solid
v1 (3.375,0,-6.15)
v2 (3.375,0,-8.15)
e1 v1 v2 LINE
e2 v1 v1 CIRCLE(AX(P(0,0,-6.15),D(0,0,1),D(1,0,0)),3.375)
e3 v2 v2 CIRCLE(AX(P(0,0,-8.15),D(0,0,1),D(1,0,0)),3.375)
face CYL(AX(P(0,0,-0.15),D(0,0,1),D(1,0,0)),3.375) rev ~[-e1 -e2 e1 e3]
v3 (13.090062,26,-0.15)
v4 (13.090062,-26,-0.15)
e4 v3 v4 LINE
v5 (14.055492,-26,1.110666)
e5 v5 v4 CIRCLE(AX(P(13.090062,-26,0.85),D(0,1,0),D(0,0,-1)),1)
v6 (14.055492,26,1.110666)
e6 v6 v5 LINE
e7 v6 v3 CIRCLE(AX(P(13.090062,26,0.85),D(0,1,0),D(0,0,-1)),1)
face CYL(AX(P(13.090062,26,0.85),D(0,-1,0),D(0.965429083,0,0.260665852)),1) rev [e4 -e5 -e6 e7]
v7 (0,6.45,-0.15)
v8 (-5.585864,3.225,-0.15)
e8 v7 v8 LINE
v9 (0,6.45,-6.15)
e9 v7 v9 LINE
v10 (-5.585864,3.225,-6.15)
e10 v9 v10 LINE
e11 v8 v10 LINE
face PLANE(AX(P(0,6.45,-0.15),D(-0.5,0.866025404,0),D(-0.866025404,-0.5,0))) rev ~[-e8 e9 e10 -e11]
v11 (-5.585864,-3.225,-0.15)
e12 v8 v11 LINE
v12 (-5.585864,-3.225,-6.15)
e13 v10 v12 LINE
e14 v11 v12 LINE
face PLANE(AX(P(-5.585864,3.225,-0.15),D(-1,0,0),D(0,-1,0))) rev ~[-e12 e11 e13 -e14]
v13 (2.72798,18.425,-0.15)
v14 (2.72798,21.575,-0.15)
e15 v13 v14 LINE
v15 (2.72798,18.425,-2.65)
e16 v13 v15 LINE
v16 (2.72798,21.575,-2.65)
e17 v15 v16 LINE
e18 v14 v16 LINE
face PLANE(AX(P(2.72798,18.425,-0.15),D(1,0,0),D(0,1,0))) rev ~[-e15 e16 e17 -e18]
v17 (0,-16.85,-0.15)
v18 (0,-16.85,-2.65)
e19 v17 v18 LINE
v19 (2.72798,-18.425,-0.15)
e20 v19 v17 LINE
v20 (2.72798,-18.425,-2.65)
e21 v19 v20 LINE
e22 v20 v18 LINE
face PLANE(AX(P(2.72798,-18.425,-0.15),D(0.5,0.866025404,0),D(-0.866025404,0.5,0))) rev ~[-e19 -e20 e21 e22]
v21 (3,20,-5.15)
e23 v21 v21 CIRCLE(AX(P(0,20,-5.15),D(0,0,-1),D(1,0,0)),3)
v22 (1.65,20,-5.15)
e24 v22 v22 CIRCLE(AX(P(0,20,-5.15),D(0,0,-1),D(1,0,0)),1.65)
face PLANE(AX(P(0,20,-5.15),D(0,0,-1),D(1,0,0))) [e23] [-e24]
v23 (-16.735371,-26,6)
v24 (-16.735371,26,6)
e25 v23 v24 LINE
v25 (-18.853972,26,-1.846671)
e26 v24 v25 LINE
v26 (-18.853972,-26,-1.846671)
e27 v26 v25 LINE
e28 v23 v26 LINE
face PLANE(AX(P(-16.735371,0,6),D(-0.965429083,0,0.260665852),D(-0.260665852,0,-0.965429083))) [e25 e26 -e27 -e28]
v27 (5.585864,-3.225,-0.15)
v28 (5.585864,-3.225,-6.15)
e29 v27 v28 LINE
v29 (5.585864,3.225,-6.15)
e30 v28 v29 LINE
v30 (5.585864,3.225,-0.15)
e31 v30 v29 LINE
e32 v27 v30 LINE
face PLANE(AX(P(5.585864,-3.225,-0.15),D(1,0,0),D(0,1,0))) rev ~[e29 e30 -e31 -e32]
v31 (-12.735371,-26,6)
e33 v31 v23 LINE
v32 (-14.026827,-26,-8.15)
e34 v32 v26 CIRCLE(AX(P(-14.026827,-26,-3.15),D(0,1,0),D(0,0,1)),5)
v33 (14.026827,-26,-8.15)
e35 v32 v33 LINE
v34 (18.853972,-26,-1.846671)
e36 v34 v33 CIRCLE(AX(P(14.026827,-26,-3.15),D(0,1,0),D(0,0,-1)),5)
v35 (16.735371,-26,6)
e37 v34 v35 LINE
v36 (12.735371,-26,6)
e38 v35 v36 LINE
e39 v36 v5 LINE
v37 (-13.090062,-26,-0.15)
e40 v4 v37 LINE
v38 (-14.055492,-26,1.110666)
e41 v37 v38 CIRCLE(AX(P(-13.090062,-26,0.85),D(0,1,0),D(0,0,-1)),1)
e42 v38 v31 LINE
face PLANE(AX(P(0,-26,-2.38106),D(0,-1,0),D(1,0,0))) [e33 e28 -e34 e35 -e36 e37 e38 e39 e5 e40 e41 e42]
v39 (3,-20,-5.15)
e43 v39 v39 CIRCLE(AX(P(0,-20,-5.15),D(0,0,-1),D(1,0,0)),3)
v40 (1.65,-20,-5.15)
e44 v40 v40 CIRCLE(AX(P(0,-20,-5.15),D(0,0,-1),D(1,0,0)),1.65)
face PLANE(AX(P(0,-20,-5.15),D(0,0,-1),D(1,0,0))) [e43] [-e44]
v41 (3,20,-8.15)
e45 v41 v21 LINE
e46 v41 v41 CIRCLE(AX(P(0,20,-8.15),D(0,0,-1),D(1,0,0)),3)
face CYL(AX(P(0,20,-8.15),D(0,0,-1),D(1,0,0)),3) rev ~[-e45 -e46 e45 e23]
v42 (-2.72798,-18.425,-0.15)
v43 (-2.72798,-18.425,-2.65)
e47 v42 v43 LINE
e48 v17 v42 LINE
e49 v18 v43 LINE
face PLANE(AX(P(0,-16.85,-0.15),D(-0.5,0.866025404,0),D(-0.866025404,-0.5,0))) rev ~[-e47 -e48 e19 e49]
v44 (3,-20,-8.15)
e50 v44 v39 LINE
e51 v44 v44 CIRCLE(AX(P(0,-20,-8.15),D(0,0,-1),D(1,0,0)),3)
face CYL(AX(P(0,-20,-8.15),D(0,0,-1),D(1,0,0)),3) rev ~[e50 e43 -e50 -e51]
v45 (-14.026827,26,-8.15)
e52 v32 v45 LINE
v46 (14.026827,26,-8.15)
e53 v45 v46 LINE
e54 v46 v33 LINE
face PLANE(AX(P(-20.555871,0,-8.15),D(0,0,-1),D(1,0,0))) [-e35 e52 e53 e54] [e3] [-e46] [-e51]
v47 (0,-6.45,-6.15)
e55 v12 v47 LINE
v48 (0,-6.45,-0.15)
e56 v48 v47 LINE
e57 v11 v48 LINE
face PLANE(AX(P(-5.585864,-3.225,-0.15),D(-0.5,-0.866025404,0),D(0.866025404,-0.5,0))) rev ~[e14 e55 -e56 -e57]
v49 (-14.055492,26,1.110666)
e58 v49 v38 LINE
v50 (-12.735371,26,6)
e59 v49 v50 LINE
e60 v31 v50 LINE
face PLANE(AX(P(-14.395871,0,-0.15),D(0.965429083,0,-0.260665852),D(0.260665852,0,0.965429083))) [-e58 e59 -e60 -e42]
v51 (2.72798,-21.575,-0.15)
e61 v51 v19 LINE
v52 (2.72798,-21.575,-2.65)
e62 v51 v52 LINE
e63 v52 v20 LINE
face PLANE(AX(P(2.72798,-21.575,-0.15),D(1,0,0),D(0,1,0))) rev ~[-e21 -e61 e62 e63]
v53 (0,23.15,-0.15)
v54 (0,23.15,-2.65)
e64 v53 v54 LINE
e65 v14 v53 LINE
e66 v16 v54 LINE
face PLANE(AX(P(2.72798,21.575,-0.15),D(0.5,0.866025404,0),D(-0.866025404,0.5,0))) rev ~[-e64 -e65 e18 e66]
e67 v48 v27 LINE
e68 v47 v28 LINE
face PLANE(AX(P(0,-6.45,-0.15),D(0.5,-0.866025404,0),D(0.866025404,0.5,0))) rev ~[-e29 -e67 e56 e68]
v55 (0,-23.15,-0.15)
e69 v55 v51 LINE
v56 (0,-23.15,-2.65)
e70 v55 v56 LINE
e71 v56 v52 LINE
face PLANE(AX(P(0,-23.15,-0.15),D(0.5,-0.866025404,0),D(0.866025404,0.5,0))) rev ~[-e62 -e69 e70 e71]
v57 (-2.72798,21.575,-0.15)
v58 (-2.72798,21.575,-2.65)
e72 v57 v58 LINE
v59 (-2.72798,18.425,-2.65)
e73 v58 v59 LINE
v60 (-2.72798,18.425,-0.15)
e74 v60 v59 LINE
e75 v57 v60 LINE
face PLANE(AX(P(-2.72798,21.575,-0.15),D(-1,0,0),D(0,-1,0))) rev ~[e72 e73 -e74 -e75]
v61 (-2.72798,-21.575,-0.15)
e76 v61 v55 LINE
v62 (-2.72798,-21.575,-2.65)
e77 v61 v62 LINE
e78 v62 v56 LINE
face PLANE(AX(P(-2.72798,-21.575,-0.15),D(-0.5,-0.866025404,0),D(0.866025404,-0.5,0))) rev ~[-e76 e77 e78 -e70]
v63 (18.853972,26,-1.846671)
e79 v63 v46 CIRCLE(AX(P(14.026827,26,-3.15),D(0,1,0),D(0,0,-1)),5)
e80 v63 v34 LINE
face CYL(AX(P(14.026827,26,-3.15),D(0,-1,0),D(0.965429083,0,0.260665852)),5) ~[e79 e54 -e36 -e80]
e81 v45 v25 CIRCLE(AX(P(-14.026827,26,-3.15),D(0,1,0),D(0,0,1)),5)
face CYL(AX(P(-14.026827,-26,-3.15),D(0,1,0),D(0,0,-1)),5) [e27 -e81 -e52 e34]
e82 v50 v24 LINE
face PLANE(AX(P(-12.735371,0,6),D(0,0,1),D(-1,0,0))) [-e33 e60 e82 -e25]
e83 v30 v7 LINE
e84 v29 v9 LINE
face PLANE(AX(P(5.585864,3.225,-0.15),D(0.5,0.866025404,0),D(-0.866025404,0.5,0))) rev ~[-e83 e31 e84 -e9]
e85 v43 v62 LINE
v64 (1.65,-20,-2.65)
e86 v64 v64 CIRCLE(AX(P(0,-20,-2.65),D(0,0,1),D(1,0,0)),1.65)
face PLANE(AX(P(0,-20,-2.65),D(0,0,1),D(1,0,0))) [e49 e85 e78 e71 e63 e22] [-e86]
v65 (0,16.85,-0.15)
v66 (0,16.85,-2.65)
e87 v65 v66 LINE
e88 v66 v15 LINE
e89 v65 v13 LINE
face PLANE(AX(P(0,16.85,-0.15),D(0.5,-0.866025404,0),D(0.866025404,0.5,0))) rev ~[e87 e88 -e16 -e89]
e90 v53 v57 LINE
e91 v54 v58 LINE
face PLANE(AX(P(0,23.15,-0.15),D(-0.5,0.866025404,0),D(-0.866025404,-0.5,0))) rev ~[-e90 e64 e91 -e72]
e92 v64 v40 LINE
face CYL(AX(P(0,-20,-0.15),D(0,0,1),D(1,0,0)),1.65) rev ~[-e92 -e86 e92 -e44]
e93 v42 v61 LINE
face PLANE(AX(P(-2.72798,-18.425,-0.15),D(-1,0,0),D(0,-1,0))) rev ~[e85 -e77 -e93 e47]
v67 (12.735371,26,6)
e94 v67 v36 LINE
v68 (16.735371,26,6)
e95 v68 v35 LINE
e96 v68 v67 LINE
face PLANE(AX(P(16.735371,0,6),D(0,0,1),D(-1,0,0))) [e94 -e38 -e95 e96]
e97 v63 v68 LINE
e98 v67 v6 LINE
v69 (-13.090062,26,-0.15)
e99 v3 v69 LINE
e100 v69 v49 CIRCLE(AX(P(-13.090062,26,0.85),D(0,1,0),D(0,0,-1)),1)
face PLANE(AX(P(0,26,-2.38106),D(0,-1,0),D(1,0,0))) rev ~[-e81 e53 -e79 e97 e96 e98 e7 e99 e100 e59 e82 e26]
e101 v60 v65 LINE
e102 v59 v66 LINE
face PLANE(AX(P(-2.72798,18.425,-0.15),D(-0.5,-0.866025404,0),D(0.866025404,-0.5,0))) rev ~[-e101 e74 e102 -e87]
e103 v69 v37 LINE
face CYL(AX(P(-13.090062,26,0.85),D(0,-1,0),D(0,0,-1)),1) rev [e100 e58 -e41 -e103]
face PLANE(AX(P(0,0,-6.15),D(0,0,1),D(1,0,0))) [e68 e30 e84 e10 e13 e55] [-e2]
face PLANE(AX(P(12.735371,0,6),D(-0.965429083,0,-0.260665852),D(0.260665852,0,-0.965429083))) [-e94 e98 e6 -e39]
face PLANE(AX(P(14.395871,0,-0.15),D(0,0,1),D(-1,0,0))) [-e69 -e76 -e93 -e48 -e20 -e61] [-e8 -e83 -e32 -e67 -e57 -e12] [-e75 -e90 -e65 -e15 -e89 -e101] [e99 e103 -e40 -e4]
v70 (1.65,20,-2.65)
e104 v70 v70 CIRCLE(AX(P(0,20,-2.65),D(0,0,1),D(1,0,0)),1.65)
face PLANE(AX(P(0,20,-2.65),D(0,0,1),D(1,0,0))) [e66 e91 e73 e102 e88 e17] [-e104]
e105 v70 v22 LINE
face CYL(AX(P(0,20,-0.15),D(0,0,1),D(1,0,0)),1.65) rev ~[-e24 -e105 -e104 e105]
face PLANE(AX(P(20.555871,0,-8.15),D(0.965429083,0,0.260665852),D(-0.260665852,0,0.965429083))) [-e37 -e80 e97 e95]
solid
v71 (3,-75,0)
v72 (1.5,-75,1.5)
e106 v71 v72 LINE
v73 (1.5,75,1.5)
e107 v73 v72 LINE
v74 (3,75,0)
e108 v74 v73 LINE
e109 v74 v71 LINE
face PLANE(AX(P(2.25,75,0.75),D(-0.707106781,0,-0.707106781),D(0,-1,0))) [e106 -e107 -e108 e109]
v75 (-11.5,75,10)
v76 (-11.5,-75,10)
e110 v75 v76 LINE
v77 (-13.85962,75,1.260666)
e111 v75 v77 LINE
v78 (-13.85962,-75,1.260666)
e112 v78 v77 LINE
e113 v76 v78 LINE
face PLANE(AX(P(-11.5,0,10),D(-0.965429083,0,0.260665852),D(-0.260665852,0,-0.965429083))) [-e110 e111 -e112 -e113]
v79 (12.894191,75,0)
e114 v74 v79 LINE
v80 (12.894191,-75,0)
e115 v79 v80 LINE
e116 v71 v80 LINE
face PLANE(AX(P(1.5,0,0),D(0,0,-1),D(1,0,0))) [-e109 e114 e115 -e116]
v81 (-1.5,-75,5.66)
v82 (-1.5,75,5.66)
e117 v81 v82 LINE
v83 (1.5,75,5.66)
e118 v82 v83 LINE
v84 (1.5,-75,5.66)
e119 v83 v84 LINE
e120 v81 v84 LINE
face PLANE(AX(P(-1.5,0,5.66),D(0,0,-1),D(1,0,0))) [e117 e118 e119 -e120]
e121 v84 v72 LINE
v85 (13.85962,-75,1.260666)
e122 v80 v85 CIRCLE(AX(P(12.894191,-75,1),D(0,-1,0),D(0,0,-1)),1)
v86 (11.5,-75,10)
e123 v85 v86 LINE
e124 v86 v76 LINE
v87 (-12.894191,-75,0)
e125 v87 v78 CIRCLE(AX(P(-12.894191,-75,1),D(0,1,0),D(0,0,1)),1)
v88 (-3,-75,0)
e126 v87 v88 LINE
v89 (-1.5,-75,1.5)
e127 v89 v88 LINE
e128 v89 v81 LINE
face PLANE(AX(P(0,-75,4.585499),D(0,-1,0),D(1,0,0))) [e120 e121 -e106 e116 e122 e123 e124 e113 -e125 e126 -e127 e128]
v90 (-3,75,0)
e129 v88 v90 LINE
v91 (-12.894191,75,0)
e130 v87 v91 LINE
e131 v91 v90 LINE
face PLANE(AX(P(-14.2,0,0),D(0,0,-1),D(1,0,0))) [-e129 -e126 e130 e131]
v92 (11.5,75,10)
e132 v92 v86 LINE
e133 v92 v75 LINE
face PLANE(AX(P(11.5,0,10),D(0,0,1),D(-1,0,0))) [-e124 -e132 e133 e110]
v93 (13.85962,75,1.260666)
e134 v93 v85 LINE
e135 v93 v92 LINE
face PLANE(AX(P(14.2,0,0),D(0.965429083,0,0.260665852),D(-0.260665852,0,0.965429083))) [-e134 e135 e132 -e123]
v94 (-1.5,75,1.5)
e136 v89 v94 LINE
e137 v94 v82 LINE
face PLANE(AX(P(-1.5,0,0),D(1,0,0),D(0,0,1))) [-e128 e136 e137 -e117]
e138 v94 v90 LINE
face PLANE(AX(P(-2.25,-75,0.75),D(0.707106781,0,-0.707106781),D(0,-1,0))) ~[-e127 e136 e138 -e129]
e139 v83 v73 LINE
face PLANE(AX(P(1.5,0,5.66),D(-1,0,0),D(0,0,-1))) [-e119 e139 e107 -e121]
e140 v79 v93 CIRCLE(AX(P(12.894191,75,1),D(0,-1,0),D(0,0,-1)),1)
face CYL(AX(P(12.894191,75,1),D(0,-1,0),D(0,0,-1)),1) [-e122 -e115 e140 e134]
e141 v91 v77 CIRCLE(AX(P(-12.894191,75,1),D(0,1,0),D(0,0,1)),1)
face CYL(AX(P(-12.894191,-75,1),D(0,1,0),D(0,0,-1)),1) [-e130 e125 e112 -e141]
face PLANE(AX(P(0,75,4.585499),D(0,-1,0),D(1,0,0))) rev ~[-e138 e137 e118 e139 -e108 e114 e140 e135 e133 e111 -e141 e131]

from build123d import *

# Parameters (mm, degrees)
F1_DEPTH  = 75
F2_DEPTH  = 26
F3_R      = 3.375
F3_R_2    = 1.65
F4_DEPTH  = 8.001
F5_DEPTH  = 6
F6_SIZE   = 1.5
F7_R      = 1
F7_2_R    = 1
F8_R      = 5
F9_R      = 3
F9_R_2    = 1.65
F10_DEPTH = 3
F11_DEPTH = 2.5


with BuildPart() as f1:
    # F0 (on Front) → F1 (new body, symmetric)
    with BuildSketch(Plane.XZ):
        Polygon((-1.5, 5.66), (0, 5.66), (1.5, 5.66), (1.5, 0), (14.2, 0), (11.5, 10), (0, 10), (-11.5, 10), (-14.2, 0), (-1.5, 0), align=None)
    extrude(amount=F1_DEPTH, both=True)

    # F6
    f6_edges = [f1.edges().sort_by_distance(p)[0] for p in [
        (-1.5, 0, 0),
        (1.5, 0, 0),
    ]]
    chamfer(f6_edges, length=F6_SIZE)

    # F7
    f7_edges = [f1.edges().sort_by_distance(p)[0] for p in [
        (14.2, 0, 0),
        (-14.2, 0, 0),
    ]]
    fillet(f7_edges, radius=F7_R)


with BuildPart() as f2:
    # F0 (on Front) → F2 (new body, symmetric)
    with BuildSketch(Plane.XZ):
        Polygon((-20.5558713294, -8.15), (0, -8.15), (20.5558713294, -8.15), (16.7353713294, 6), (12.7353713294, 6), (14.3958713294, -0.15), (2.0723198541, -0.15), (0, -0.15), (-2.0723198541, -0.15), (-14.3958713294, -0.15), (-12.7353713294, 6), (-16.7353713294, 6), align=None)
    extrude(amount=F2_DEPTH, both=True)

    # F3 (on face) → F4 (cut, through all)
    with BuildSketch(Plane.XY.offset(-0.15)):
        Circle(F3_R)
        with Locations((0, 20)):
            Circle(F3_R_2)
        with Locations((0, -20)):
            Circle(F3_R_2)
    extrude(amount=-F4_DEPTH, mode=Mode.SUBTRACT)

    # F3 (on face) → F5 (cut)
    with BuildSketch(Plane.XY.offset(-0.15)):
        Polygon((0, -6.45), (5.5858638544, -3.225), (5.5858638544, 3.225), (0, 6.45), (-5.5858638544, 3.225), (-5.5858638544, -3.225), align=None)
        Circle(F3_R, mode=Mode.SUBTRACT)
    extrude(amount=-F5_DEPTH, mode=Mode.SUBTRACT)

    # F7#2
    f7_2_edges = [f2.edges().sort_by_distance(p)[0] for p in [
        (-14.395871, 0, -0.15),
        (14.395871, 0, -0.15),
    ]]
    fillet(f7_2_edges, radius=F7_2_R)

    # F8
    f8_edges = [f2.edges().sort_by_distance(p)[0] for p in [
        (-20.555871, 0, -8.15),
        (20.555871, 0, -8.15),
    ]]
    fillet(f8_edges, radius=F8_R)

    # F9 (on face) → F10 (cut)
    with BuildSketch(Plane(origin=(0, 0, -8.15), x_dir=(1, 0, 0), z_dir=(0, 0, -1))):
        with Locations((0, 20)):
            Circle(F9_R)
        with Locations((0, 20)):
            Circle(F9_R_2, mode=Mode.SUBTRACT)
        with Locations((0, -20)):
            Circle(F9_R)
        with Locations((0, -20)):
            Circle(F9_R_2, mode=Mode.SUBTRACT)
    extrude(amount=-F10_DEPTH, mode=Mode.SUBTRACT)

    # F3 (on face) → F11 (cut)
    with BuildSketch(Plane.XY.offset(-0.15)):
        Polygon((2.7279800219, 21.575), (0, 23.15), (-2.7279800219, 21.575), (-2.7279800219, 18.425), (0, 16.85), (2.7279800219, 18.425), align=None)
        with Locations((0, 20)):
            Circle(F3_R_2, mode=Mode.SUBTRACT)
        Polygon((2.7279800219, -21.575), (2.7279800219, -18.425), (0, -16.85), (-2.7279800219, -18.425), (-2.7279800219, -21.575), (0, -23.15), align=None)
        with Locations((0, -20)):
            Circle(F3_R_2, mode=Mode.SUBTRACT)
    extrude(amount=-F11_DEPTH, mode=Mode.SUBTRACT)


solid = Compound([f1.part, f2.part])
